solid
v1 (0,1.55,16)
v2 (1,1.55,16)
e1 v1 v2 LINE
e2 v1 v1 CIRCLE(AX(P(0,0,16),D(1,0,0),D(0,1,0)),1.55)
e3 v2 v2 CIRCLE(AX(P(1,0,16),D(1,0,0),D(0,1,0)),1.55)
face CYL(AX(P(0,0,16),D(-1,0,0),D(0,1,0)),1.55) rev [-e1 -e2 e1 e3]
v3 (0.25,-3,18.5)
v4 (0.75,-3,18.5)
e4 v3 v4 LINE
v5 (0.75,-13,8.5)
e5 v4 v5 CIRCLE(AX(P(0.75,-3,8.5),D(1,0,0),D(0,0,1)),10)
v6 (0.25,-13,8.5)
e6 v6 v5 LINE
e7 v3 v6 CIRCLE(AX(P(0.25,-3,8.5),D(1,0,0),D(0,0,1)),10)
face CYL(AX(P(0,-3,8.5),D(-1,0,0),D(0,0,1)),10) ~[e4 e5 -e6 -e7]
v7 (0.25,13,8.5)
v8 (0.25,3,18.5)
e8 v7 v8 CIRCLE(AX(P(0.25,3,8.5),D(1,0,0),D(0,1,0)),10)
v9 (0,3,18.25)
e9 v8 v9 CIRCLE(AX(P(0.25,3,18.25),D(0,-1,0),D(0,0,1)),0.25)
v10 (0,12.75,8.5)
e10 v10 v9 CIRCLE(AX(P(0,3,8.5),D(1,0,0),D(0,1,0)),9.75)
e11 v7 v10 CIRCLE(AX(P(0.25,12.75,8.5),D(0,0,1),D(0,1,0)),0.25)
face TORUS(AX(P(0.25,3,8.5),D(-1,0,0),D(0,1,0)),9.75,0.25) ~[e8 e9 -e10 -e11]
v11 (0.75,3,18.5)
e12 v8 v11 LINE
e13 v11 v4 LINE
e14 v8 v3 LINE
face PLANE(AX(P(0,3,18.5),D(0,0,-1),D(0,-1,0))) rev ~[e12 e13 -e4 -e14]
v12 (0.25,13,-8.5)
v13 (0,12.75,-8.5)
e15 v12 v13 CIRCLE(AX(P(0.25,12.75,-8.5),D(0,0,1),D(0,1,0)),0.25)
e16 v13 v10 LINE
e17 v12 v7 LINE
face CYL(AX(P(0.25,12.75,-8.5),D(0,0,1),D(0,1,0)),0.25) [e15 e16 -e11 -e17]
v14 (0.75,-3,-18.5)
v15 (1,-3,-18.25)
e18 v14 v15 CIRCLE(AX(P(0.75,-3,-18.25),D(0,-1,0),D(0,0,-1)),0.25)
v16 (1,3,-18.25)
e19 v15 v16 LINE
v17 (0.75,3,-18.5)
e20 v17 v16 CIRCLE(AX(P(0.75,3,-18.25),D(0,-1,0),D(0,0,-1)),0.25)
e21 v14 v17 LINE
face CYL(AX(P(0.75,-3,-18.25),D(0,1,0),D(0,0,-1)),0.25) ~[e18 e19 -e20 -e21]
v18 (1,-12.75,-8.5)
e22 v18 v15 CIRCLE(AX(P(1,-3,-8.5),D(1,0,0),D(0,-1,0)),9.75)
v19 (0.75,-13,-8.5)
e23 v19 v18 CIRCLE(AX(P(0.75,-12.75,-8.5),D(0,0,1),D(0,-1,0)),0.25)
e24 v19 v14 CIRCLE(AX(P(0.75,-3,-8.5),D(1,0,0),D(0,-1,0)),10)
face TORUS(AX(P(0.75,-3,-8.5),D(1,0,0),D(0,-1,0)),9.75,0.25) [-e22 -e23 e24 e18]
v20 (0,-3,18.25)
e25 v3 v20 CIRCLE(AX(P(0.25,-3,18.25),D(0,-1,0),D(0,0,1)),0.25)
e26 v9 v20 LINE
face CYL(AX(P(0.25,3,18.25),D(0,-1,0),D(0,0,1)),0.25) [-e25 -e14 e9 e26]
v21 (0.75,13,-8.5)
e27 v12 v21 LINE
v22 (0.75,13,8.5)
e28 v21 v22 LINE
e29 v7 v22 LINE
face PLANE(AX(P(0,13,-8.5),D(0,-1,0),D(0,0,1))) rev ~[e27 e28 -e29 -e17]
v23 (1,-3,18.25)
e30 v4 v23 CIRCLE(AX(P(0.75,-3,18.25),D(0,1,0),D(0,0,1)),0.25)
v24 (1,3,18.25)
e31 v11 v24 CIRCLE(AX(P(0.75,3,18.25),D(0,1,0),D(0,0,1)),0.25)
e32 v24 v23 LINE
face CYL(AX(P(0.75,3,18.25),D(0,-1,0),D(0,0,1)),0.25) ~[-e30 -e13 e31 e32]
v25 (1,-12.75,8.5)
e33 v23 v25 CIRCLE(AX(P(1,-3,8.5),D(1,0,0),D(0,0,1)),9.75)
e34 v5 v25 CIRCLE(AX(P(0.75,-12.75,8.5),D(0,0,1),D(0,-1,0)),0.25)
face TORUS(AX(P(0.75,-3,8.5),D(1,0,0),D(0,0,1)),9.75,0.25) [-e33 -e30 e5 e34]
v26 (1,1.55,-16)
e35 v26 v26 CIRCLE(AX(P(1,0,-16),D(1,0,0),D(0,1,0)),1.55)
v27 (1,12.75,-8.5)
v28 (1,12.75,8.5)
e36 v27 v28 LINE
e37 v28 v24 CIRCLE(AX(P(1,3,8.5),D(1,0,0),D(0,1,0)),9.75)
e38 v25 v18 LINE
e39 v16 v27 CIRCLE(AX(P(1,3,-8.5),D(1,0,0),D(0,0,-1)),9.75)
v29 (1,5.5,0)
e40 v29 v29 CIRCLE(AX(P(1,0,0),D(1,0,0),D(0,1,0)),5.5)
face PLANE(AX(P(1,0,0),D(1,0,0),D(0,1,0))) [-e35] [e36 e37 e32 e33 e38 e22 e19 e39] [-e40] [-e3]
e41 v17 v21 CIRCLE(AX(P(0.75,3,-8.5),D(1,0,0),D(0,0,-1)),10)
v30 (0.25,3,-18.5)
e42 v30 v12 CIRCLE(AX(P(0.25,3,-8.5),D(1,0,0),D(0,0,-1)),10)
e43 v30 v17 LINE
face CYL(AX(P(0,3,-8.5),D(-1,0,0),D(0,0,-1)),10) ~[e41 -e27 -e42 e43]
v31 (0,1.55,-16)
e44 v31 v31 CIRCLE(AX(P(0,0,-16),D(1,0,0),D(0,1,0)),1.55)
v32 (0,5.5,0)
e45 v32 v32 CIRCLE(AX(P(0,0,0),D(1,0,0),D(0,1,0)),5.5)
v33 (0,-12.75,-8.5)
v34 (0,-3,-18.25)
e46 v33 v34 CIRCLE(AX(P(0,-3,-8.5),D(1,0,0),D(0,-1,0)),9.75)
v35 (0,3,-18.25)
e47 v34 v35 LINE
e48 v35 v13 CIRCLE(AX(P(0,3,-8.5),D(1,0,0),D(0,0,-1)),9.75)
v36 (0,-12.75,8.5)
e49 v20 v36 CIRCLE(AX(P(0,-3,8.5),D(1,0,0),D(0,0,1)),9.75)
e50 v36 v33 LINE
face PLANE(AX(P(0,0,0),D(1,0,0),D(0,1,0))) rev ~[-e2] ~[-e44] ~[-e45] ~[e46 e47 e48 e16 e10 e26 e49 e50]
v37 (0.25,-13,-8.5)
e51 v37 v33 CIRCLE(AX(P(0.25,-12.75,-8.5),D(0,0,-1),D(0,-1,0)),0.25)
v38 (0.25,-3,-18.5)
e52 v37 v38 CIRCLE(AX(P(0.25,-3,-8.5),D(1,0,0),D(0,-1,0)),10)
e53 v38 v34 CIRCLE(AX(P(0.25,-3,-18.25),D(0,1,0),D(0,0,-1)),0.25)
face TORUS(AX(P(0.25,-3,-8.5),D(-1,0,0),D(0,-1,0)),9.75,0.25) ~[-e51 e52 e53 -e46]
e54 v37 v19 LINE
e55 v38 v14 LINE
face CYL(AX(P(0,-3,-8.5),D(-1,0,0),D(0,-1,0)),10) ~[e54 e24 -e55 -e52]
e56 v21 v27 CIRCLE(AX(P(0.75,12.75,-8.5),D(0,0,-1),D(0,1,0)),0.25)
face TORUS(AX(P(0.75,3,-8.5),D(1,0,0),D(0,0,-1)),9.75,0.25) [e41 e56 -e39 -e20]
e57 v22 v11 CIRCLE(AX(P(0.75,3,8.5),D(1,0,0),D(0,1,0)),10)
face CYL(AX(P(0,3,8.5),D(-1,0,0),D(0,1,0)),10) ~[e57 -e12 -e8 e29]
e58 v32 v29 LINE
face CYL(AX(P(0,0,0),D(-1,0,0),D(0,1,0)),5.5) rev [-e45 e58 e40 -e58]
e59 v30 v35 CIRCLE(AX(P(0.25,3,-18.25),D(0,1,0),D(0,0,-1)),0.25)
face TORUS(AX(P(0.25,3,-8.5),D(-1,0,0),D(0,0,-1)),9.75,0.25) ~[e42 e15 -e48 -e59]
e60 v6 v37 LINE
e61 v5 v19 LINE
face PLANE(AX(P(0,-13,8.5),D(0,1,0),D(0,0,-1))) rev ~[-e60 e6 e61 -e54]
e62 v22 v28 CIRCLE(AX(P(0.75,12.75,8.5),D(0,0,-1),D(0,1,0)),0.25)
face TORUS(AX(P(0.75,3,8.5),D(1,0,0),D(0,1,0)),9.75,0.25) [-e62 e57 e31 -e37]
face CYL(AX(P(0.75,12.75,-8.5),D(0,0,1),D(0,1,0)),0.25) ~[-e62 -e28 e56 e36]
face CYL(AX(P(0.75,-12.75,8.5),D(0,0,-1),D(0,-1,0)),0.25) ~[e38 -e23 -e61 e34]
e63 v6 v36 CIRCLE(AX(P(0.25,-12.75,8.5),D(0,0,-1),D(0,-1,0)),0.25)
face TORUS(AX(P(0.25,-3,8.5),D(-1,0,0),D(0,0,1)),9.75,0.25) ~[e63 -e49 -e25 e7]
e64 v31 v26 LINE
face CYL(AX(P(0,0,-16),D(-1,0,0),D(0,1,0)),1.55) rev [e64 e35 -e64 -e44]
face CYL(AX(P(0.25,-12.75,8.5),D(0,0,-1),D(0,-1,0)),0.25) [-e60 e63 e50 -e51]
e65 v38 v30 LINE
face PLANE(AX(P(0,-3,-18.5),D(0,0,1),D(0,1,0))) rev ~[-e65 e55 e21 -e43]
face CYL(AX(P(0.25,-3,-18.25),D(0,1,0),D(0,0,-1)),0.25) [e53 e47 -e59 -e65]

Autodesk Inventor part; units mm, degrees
ref_plane "YZ Plane" through (0, 0, 0) normal (1, 0, 0) x (0, 1, 0)
ref_plane "XZ Plane" through (0, 0, 0) normal (0, 1, 0) x (-1, 0, 0)
ref_plane "XY Plane" through (0, 0, 0) normal (0, 0, 1) x (1, 0, 0)
sketch "Sketch1" plane through (0, 0, 0) normal (1, 0, 0) x (0, 1, 0)
  circle A0 centre (0, 0) radius 5.5
  line L0 (3, 18.5) -> (-3, 18.5)
  line L1 (-13, 8.5) -> (-13, -8.5)
  line L2 (-3, -18.5) -> (3, -18.5)
  line L3 (13, -8.5) -> (13, 8.5)
  line L4 (13, 18.5) -> (-13, -18.5) construction
  line L5 (-13, 18.5) -> (13, -18.5) construction
  circle A1 centre (0, 16) radius 1.55
  line L6 (0, 0) -> (10.4906, 0) construction
  circle A2 centre (0, -16) radius 1.55
  line L7 (0, 0) -> (0, 32) construction
  arc A3 (13, 8.5) -> (3, 18.5) centre (3, 8.5) ccw
  arc A4 (-3, 18.5) -> (-13, 8.5) centre (-3, 8.5) ccw
  arc A5 (-13, -8.5) -> (-3, -18.5) centre (-3, -8.5) ccw
  arc A6 (3, -18.5) -> (13, -8.5) centre (3, -8.5) ccw
  dimension "d0" = 11
  dimension "d1" = 2.5
  dimension "d2" = 37
  dimension "d3" = 26
  dimension "d4" = 3.1
  dimension "d5" = 10
extrude "Extrusion1" add sketch "Sketch1" along normal blind 1
fillet "Fillet1" radius 0.25 16 edges at (1, 0, 18.5) (1, -10.0711, 15.5711) (1, -13, 0) (1, -10.0711, -15.5711) (1, 0, -18.5) (1, 10.0711, -15.5711) (1, 13, 0) (1, 10.0711, 15.5711) (0, 0, 18.5) (0, -10.0711, 15.5711) (0, -13, 0) (0, -10.0711, -15.5711) (0, 0, -18.5) (0, 10.0711, -15.5711) (0, 13, 0) (0, 10.0711, 15.5711)
properties part number "Component 7 (Cover Plate)"
